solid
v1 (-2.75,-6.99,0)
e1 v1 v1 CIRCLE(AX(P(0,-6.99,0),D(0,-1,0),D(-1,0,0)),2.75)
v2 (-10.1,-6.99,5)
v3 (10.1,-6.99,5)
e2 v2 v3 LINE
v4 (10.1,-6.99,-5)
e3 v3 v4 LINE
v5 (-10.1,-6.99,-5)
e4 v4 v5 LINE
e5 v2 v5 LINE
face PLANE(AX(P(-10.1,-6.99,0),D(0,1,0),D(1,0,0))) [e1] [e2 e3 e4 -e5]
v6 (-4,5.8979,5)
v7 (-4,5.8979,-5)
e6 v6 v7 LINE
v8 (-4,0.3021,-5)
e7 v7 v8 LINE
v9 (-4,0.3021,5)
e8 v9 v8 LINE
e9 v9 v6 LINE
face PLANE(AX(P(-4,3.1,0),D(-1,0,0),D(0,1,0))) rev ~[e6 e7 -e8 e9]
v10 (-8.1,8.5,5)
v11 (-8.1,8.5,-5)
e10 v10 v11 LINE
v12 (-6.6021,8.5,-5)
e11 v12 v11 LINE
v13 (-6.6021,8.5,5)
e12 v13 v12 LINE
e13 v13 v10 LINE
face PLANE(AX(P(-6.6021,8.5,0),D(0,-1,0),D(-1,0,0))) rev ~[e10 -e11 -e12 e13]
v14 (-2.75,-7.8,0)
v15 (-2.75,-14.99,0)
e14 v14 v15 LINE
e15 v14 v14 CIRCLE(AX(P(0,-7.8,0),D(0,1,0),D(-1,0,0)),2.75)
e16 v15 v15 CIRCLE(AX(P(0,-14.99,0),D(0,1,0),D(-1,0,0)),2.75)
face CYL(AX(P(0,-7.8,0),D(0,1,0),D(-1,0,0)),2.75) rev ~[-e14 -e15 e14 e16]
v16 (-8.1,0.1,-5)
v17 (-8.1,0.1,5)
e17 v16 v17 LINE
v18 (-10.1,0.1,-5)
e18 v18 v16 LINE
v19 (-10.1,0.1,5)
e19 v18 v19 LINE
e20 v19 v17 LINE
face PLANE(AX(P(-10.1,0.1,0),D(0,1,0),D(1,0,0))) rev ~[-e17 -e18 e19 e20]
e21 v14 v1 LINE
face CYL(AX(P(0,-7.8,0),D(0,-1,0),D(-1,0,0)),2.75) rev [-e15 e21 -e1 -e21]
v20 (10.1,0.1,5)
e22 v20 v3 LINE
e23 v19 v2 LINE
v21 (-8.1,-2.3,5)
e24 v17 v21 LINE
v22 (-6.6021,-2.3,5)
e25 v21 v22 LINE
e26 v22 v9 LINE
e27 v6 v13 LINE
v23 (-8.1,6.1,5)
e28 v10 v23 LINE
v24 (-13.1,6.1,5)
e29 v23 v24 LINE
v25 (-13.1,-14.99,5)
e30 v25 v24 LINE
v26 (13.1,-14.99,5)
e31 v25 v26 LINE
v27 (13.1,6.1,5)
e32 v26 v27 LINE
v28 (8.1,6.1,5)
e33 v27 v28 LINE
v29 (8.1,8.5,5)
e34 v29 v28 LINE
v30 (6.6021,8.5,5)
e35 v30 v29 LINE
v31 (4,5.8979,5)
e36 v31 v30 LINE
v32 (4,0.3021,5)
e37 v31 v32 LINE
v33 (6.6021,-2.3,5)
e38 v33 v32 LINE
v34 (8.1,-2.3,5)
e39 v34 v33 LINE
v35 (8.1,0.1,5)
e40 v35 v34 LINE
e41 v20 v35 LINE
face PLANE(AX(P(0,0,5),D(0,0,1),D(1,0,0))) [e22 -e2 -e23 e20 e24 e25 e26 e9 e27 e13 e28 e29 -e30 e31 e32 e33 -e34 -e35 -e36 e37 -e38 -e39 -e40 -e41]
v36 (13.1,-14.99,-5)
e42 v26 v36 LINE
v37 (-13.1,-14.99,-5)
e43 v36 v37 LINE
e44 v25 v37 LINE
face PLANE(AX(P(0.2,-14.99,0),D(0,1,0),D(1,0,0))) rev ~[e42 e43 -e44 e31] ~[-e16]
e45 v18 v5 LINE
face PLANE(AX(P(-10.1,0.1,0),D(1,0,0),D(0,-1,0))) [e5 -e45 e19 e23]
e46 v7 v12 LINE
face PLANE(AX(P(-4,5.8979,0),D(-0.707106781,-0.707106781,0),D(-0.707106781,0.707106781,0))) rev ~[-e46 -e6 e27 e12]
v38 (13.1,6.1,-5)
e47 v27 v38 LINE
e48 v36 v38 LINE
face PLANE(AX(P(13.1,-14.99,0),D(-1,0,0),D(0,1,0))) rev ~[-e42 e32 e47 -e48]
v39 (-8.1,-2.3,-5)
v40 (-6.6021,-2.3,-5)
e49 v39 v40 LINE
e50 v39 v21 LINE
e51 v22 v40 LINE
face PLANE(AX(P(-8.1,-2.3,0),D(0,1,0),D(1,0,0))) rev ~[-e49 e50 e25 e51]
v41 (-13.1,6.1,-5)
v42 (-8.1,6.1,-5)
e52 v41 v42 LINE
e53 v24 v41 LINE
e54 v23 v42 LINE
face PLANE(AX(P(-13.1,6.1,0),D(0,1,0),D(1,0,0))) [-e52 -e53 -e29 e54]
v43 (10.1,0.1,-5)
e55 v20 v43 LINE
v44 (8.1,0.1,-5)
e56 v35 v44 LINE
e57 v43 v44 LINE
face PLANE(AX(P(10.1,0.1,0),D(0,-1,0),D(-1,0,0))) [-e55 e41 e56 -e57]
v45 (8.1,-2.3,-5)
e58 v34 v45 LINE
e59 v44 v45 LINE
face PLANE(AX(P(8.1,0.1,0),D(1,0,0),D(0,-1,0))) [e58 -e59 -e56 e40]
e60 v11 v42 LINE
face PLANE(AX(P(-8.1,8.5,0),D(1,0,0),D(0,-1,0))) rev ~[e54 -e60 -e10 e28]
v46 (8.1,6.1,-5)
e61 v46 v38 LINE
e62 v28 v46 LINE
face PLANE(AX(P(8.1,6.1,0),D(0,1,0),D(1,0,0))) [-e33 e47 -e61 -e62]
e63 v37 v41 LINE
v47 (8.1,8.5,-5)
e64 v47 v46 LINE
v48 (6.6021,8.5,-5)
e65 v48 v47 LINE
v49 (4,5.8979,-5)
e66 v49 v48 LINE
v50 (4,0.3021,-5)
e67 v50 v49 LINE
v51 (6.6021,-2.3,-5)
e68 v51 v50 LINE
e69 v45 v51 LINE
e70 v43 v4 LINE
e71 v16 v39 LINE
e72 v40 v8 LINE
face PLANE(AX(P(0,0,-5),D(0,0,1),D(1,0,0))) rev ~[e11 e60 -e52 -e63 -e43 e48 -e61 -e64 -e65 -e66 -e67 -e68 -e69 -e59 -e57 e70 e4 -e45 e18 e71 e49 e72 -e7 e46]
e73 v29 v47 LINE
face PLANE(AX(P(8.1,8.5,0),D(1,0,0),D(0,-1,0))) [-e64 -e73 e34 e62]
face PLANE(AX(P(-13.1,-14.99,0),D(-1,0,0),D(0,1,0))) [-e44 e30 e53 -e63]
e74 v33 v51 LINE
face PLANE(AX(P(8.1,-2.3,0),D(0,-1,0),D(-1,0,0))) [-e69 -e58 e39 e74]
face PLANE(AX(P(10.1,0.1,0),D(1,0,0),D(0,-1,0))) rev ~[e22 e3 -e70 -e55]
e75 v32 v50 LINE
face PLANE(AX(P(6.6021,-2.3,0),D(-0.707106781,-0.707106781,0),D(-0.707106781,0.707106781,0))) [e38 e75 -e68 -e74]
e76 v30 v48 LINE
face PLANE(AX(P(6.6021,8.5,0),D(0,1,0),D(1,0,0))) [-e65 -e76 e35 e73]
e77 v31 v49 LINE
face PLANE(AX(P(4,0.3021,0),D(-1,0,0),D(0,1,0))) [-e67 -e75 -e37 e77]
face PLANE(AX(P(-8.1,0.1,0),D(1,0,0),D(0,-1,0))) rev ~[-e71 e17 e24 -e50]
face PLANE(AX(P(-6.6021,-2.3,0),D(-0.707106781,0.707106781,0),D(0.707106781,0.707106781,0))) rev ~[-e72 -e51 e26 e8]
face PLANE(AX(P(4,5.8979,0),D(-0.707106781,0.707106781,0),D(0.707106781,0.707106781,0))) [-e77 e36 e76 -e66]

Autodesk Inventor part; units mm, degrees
ref_plane "YZ Plane" through (0, 0, 0) normal (1, 0, 0) x (0, 1, 0)
ref_plane "XY Plane" through (0, 0, 0) normal (0, 0, 1) x (1, 0, 0)
sketch "Sketch1" plane through (0, 0, 0) normal (0, 0, 1) x (1, 0, 0)
  line L0 (-10, 13.1) -> (10, 13.1) construction
  line L1 (10, 13.1) -> (10, -6.9) construction
  line L2 (10, -6.9) -> (-10, -6.9) construction
  line L3 (-10, -6.9) -> (-10, 13.1) construction
  line L4 (0, 13.1) -> (0, -6.9) construction
  circle A0 centre (0, 3.1) radius 2.5 construction
  line L5 (10, 3.1) -> (-10, 3.1) construction
  line L6 (0, 3.1) -> (10, 13.1) construction
  line L7 (-3.9, 7) -> (3.9, 7) construction
  line L8 (3.9, 7) -> (3.9, -0.8) construction
  line L9 (3.9, -0.8) -> (-3.9, -0.8) construction
  line L10 (-3.9, -0.8) -> (-3.9, 7) construction
  line L11 (2.8393, 7) -> (3.9, 5.9393) construction
  line L12 (10, 13.1) -> (5.5, 13.1) construction
  line L13 (5.5, 13.1) -> (5.5, 8.6) construction
  line L14 (5.5, 8.6) -> (10, 8.6) construction
  line L15 (10, 8.6) -> (10, 13.1) construction
  line L16 (3.9, 3.1) -> (3.9, 5.9393) construction
  line L17 (3.9, 5.9393) -> (6.5607, 8.6) construction
  line L18 (0, 7) -> (2.8393, 7) construction
  line L19 (2.8393, 7) -> (5.5, 9.6607) construction
  line L20 (10, 13.1) -> (10, 6.2) construction
  line L21 (10, 6.2) -> (8.2, 6.2) construction
  line L22 (8.2, 6.2) -> (8.2, 8.6) construction
  line L23 (6.5607, 8.6) -> (8.2, 8.6) construction
  line L24 (10, 13.1) -> (3.1, 13.1) construction
  line L25 (3.1, 13.1) -> (3.1, 11.3) construction
  line L26 (3.1, 11.3) -> (5.5, 11.3) construction
  line L27 (5.5, 9.6607) -> (5.5, 11.3) construction
  line L28 (-3.9, 3.1) -> (-3.9, 5.9393) construction
  line L29 (-3.9, 5.9393) -> (-6.5607, 8.6) construction
  line L30 (-6.5607, 8.6) -> (-8.2, 8.6) construction
  line L31 (-8.2, 6.2) -> (-8.2, 8.6) construction
  line L32 (-10, 6.2) -> (-8.2, 6.2) construction
  line L33 (-10, 13.1) -> (-10, 6.2) construction
  line L34 (-10, 13.1) -> (-3.1, 13.1) construction
  line L35 (-3.1, 13.1) -> (-3.1, 11.3) construction
  line L36 (-3.1, 11.3) -> (-5.5, 11.3) construction
  line L37 (-5.5, 9.6607) -> (-5.5, 11.3) construction
  line L38 (-2.8393, 7) -> (-5.5, 9.6607) construction
  line L39 (0, 7) -> (-2.8393, 7) construction
  line L40 (-3.9, 3.1) -> (-3.9, 0.2607) construction
  line L41 (-3.9, 0.2607) -> (-6.5607, -2.4) construction
  line L42 (-6.5607, -2.4) -> (-8.2, -2.4) construction
  line L43 (-8.2, 0) -> (-8.2, -2.4) construction
  line L44 (-10, 0) -> (-8.2, 0) construction
  line L45 (-10, -6.9) -> (-10, 0) construction
  line L46 (-10, -6.9) -> (-3.1, -6.9) construction
  line L47 (-3.1, -6.9) -> (-3.1, -5.1) construction
  line L48 (-3.1, -5.1) -> (-5.5, -5.1) construction
  line L49 (-5.5, -3.4607) -> (-5.5, -5.1) construction
  line L50 (-2.8393, -0.8) -> (-5.5, -3.4607) construction
  line L51 (0, -0.8) -> (-2.8393, -0.8) construction
  line L52 (0, -0.8) -> (2.8393, -0.8) construction
  line L53 (2.8393, -0.8) -> (5.5, -3.4607) construction
  line L54 (5.5, -3.4607) -> (5.5, -5.1) construction
  line L55 (3.1, -5.1) -> (5.5, -5.1) construction
  line L56 (3.1, -6.9) -> (3.1, -5.1) construction
  line L57 (10, -6.9) -> (3.1, -6.9) construction
  line L58 (10, -6.9) -> (10, 0) construction
  line L59 (10, 0) -> (8.2, 0) construction
  line L60 (8.2, 0) -> (8.2, -2.4) construction
  line L61 (6.5607, -2.4) -> (8.2, -2.4) construction
  line L62 (3.9, 0.2607) -> (6.5607, -2.4) construction
  line L63 (3.9, 3.1) -> (3.9, 0.2607) construction
  line L64 (-10.1, 0.1) -> (-8.1, 0.1)
  line L65 (-8.1, 0.1) -> (-8.1, -2.3)
  line L66 (-8.1, -2.3) -> (-6.6021, -2.3)
  line L67 (-6.6021, -2.3) -> (-4, 0.3021)
  line L68 (-4, 0.3021) -> (-4, 3.1)
  line L69 (-4, 3.1) -> (-4, 5.8979)
  line L70 (-4, 5.8979) -> (-6.6021, 8.5)
  line L71 (-6.6021, 8.5) -> (-8.1, 8.5)
  line L72 (-8.1, 8.5) -> (-8.1, 6.1)
  line L73 (-8.1, 6.1) -> (-10.5, 6.1)
  line L74 (-10.1, 0.1) -> (-10.1, -6.99)
  line L75 (-10.1, -6.99) -> (0, -6.99)
  line L76 (0, -6.9) -> (0, -6.99) construction
  line L77 (0.2, -14.99) -> (-13.1, -14.99)
  line L78 (-13.1, -14.99) -> (-13.1, 6.1)
  line L79 (-13.1, 6.1) -> (-10.5, 6.1)
  line L80 (10.1, 0.1) -> (8.1, 0.1)
  line L81 (8.1, 0.1) -> (8.1, -2.3)
  line L82 (8.1, -2.3) -> (6.6021, -2.3)
  line L83 (6.6021, -2.3) -> (4, 0.3021)
  line L84 (4, 0.3021) -> (4, 3.1)
  line L85 (4, 3.1) -> (4, 5.8979)
  line L86 (4, 5.8979) -> (6.6021, 8.5)
  line L87 (6.6021, 8.5) -> (8.1, 8.5)
  line L88 (8.1, 8.5) -> (8.1, 6.1)
  line L89 (8.1, 6.1) -> (10.5, 6.1)
  line L90 (10.1, 0.1) -> (10.1, -6.99)
  line L91 (10.1, -6.99) -> (0, -6.99)
  line L92 (0.2, -14.99) -> (13.1, -14.99)
  line L93 (13.1, -14.99) -> (13.1, 6.1)
  line L94 (13.1, 6.1) -> (10.5, 6.1)
  point P0 (0, 0)
  point P1 (9.1, 0)
  point P2 (-9.1, 0)
  point P3 (-5.2303, 7.2697)
  point P4 (-10, -3.45)
  point P5 (-5.05, -6.99)
  dimension "d0" = 20
  dimension "d1" = 20
  dimension "d2" = 5
  dimension "d3" = 6.1
  dimension "d4" = 6.1
  dimension "d5" = 1.5
  dimension "d6" = 4.5
  dimension "d7" = 4.5
  dimension "d8" = 1.5
  dimension "d9" = 6.9
  dimension "d10" = 1.8
  dimension "d13" = 3
  dimension "d14" = 0.1
  dimension "d17" = 0.1
  dimension "d18" = 0.09
  dimension "d31" = 8
extrude "Extrusion1" add sketch "Sketch1" along normal mid plane 10
ref_plane "Work Plane1" through (0, -7.8, 0) normal (0, 1, 0) x (-1, 0, 0)
sketch "Sketch2" plane through (0, -7.8, 0) normal (0, 1, 0) x (-1, 0, 0)
  circle A0 centre (0, 0) radius 2.75
  dimension "d22" = 5.5
extrude "Extrusion3" cut sketch "Sketch2" along normal through all both and the other way through all
properties part number "sostenedor_part1"
